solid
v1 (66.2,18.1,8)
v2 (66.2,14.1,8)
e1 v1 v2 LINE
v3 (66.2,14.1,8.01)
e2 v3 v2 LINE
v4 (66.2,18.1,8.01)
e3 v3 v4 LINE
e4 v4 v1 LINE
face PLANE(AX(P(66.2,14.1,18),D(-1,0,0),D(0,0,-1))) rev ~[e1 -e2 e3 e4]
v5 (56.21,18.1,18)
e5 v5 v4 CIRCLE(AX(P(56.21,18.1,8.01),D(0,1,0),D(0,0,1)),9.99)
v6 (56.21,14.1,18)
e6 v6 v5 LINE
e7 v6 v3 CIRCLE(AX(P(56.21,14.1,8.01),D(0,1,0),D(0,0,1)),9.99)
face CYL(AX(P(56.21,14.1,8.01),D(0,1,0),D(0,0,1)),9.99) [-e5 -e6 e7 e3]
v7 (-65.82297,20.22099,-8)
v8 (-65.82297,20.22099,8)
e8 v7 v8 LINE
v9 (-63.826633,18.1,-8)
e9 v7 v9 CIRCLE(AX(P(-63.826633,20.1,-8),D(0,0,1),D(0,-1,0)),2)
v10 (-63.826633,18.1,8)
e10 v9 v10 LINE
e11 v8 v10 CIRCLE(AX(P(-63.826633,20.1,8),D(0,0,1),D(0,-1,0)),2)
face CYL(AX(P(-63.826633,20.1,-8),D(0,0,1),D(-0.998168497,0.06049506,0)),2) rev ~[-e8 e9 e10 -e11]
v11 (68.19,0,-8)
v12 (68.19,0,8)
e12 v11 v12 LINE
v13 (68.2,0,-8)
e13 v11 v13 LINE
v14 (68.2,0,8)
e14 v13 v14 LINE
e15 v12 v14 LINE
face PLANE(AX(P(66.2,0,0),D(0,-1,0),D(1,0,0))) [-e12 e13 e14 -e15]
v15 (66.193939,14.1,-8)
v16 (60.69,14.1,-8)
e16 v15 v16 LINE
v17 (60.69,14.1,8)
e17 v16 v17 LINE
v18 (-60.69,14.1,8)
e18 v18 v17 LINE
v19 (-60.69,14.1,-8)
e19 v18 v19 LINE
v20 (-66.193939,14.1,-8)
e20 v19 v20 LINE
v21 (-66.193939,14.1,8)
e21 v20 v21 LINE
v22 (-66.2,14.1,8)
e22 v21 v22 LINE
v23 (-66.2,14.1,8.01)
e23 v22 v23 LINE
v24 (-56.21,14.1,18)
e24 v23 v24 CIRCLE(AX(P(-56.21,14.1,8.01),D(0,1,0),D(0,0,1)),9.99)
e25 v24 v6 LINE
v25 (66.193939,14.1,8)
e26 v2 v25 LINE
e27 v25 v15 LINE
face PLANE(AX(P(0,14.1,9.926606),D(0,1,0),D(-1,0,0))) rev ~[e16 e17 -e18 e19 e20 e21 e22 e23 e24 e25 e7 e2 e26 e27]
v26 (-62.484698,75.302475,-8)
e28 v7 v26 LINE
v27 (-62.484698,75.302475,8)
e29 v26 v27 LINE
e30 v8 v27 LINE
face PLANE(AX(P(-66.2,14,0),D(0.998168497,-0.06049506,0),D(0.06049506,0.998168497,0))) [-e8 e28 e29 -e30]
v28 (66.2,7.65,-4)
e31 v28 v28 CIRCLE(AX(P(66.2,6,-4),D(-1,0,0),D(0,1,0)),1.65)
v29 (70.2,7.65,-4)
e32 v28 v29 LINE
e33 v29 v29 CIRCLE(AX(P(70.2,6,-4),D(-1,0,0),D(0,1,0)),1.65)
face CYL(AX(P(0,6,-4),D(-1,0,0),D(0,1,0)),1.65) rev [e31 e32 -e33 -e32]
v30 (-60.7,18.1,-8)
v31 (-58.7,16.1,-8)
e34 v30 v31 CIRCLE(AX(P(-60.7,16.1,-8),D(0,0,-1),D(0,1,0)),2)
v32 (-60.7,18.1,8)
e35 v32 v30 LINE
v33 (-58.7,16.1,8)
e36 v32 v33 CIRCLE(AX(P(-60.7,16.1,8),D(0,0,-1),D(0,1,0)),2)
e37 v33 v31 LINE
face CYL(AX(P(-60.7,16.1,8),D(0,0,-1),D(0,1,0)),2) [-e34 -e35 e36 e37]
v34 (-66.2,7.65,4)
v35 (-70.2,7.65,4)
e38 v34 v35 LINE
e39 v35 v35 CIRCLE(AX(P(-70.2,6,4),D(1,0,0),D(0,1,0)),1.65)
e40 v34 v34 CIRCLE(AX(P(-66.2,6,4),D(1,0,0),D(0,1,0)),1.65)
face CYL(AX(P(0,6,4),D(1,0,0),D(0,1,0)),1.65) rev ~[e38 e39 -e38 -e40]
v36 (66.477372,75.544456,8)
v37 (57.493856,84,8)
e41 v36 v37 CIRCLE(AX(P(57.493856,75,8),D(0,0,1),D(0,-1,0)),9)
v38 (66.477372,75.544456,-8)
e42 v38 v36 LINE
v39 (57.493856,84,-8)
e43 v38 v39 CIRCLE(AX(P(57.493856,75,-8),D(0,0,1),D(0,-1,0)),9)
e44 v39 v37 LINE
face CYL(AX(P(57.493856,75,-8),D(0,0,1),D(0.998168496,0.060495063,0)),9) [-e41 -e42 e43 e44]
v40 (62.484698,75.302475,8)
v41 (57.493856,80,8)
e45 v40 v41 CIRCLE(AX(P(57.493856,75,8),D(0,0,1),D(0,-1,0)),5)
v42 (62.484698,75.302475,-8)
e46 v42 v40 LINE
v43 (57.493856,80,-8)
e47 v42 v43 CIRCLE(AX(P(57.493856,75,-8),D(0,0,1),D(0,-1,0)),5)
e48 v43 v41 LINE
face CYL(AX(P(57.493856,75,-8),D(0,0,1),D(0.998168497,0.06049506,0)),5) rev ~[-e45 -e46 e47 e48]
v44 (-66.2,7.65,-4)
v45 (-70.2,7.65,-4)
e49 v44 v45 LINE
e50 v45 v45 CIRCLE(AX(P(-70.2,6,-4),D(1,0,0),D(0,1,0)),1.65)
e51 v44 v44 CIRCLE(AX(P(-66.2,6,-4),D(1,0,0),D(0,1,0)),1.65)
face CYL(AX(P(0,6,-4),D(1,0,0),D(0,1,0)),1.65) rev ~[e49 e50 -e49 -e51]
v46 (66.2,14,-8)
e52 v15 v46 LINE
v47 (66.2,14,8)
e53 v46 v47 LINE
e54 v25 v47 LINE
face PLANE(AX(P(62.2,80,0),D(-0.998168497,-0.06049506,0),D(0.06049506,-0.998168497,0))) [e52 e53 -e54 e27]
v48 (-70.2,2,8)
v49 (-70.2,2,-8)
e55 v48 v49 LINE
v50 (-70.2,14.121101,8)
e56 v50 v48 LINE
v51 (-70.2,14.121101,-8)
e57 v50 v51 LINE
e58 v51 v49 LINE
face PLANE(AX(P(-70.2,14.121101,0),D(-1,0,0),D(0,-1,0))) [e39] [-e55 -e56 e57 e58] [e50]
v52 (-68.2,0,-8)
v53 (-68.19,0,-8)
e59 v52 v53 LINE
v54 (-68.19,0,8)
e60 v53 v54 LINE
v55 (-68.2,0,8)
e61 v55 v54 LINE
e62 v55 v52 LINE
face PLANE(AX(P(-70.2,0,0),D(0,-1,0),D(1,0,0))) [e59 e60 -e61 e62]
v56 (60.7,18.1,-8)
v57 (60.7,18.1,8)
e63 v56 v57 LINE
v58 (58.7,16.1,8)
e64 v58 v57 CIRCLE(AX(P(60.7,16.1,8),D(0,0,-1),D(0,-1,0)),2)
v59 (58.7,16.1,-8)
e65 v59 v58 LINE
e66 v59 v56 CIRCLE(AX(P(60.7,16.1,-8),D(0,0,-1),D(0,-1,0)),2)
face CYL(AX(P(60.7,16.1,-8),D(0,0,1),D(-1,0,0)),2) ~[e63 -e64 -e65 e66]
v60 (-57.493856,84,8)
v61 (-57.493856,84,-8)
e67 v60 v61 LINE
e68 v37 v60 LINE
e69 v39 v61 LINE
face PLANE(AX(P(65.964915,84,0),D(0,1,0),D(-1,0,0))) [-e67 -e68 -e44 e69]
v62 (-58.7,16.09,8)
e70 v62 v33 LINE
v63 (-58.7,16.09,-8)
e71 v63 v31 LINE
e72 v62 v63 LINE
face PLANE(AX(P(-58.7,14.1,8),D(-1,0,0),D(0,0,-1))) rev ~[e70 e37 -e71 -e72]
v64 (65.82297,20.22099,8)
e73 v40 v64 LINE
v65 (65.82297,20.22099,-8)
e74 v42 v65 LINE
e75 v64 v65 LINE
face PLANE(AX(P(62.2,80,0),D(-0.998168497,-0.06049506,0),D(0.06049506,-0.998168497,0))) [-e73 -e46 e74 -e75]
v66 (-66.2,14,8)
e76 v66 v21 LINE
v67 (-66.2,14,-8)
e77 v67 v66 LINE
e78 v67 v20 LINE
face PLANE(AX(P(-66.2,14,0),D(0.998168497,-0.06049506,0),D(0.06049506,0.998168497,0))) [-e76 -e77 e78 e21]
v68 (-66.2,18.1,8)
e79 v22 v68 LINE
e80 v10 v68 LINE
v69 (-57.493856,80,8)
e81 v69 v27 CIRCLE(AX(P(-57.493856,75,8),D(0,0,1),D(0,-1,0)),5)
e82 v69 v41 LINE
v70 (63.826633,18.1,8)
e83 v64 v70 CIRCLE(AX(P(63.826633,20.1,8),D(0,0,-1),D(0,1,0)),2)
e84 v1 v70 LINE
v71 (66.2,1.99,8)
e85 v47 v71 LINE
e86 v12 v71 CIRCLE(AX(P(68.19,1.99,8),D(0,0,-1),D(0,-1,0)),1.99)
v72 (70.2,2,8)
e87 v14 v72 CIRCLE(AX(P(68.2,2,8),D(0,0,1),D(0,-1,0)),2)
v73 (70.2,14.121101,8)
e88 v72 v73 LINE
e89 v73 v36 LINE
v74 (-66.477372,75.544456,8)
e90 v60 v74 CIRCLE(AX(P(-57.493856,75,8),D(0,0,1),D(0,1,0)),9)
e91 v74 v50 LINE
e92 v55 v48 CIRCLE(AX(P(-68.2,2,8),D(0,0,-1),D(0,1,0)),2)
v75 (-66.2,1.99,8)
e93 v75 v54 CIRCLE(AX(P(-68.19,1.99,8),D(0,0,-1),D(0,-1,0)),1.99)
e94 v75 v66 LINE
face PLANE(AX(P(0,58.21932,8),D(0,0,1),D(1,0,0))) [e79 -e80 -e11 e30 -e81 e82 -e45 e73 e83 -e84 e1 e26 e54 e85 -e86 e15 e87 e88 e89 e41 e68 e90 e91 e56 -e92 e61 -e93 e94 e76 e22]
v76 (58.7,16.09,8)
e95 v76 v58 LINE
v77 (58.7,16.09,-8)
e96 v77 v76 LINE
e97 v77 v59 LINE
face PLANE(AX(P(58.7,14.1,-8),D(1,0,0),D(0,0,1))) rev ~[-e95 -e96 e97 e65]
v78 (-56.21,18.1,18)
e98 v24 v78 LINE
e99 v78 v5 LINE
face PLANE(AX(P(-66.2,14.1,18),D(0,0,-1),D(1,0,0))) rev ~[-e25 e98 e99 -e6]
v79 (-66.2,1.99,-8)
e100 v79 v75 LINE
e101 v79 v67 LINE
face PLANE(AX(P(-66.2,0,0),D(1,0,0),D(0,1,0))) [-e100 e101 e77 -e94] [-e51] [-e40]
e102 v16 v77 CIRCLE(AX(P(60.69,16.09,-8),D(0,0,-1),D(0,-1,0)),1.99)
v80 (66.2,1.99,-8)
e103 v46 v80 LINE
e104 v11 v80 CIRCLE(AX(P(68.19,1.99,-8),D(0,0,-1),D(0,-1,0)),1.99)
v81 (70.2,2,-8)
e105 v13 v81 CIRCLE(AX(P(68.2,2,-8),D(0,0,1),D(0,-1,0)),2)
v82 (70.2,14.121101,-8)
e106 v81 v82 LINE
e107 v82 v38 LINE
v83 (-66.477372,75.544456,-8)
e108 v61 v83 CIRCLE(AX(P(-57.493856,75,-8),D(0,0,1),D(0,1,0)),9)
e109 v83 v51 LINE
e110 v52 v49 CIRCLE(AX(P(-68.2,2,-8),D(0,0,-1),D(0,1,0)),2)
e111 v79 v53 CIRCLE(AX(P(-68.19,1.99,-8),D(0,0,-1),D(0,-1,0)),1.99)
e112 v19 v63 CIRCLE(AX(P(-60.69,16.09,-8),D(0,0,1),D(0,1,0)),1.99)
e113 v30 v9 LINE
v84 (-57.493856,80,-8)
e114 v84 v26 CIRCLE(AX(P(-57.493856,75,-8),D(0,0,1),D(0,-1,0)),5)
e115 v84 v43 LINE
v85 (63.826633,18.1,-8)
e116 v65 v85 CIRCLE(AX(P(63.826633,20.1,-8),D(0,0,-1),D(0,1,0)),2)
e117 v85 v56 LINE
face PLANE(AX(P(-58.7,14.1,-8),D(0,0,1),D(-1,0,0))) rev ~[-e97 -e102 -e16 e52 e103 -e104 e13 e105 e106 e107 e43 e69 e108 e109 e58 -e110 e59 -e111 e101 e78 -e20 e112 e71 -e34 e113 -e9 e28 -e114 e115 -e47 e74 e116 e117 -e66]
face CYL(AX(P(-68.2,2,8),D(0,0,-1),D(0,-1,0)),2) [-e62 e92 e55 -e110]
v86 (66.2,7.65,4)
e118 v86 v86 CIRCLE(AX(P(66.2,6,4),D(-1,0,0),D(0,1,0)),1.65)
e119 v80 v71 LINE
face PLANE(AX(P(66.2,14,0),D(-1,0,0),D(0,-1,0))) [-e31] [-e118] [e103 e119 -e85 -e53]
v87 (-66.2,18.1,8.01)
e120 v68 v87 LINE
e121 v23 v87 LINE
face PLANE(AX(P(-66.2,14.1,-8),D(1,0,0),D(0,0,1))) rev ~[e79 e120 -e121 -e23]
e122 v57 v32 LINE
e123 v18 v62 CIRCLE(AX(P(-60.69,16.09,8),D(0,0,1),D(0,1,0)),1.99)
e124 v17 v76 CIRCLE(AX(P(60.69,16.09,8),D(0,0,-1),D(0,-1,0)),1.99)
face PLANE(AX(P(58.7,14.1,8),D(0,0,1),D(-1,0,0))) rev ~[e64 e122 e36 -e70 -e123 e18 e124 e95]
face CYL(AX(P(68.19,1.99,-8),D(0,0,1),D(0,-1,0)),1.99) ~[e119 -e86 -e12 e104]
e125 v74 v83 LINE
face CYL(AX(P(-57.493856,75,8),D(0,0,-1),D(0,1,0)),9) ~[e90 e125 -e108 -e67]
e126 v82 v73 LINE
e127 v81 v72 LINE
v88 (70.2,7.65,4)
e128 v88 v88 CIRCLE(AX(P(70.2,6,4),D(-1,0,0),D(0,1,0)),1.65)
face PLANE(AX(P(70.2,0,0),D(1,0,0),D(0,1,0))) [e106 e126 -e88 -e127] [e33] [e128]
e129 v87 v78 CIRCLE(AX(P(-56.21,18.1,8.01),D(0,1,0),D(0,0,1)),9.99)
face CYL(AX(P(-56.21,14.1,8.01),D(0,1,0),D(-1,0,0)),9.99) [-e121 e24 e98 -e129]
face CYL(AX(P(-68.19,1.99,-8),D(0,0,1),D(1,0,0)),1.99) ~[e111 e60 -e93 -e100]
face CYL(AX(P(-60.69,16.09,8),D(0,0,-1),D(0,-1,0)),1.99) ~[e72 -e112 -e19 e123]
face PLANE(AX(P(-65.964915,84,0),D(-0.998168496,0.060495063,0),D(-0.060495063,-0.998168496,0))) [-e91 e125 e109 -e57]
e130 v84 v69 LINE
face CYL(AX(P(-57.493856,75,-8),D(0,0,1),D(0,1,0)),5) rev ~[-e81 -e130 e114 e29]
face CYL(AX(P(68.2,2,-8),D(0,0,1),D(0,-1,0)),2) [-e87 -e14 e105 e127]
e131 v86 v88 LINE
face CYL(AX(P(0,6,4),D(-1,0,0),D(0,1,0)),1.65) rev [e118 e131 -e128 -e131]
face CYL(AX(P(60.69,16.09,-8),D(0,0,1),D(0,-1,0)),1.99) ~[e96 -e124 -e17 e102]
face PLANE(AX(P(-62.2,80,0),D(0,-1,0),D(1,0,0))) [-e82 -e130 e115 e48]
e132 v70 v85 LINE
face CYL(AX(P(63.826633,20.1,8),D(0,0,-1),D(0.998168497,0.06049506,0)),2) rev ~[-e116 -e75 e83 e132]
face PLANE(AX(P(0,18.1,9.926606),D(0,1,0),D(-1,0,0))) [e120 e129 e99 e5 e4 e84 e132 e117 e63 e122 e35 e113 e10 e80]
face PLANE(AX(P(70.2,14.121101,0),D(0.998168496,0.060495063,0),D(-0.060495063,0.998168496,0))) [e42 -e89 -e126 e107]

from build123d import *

# Parameters (mm, degrees)
PAD_DEPTH         = 8
SKETCH001_R       = 1.65
POCKET_DEPTH      = 70.201
POCKET_DEPTH_BACK = -70.201
FILLET001_R       = 9
FILLET002_R       = 5
FILLET003_R       = 2
FILLET004_R       = 1.99
PAD001_DEPTH      = 4
FILLET005_R       = 1.99
FILLET006_R       = 2
FILLET007_R       = 9.99


with BuildPart() as part:
    # Sketch → Pad (new body, symmetric)
    with BuildSketch(Plane.XY):
        Polygon((-70.2, 0), (-66.2, 0), (-66.2, 14), (-62.2, 80), (62.2, 80), (66.2, 14), (66.2, 0), (70.2, 0), (70.2, 14.121101), (65.964915, 84), (-65.964915, 84), (-70.2, 14.121101), align=None)
    extrude(amount=PAD_DEPTH, both=True)

    # Sketch001 → Pocket (cut, two sides)
    with BuildSketch(Plane.YZ) as pocket_sk:
        with Locations((6, 4)):
            Circle(SKETCH001_R)
        with Locations((6, -4)):
            Circle(SKETCH001_R)
    extrude(amount=-POCKET_DEPTH, mode=Mode.SUBTRACT)
    extrude(pocket_sk.sketch, amount=-POCKET_DEPTH_BACK, mode=Mode.SUBTRACT)

    # Fillet001
    fillet001_edges = [part.edges().sort_by_distance(p)[0] for p in [
        (-65.964915, 84, 0),
        (65.964915, 84, 0),
    ]]
    fillet(fillet001_edges, radius=FILLET001_R)

    # Fillet002
    fillet002_edges = [part.edges().sort_by_distance(p)[0] for p in [
        (62.2, 80, 0),
        (-62.2, 80, 0),
    ]]
    fillet(fillet002_edges, radius=FILLET002_R)

    # Fillet003
    fillet003_edges = [part.edges().sort_by_distance(p)[0] for p in [
        (-70.2, 0, 0),
        (70.2, 0, 0),
    ]]
    fillet(fillet003_edges, radius=FILLET003_R)

    # Fillet004
    fillet004_edges = [part.edges().sort_by_distance(p)[0] for p in [
        (-66.2, 0, 0),
        (66.2, 0, 0),
    ]]
    fillet(fillet004_edges, radius=FILLET004_R)

    # Sketch002 (on DatumPlane) → Pad001 (join)
    with BuildSketch(Plane.XZ.offset(-14.1)):
        Polygon((-58.7, -8), (-66.2, -8), (-66.2, 18), (66.2, 18), (66.2, -8), (58.7, -8), (58.7, 8), (-58.7, 8), align=None)
    extrude(amount=-PAD001_DEPTH)

    # Fillet005
    fillet005_edges = [part.edges().sort_by_distance(p)[0] for p in [
        (-58.7, 14.1, 0),
        (58.7, 14.1, 0),
    ]]
    fillet(fillet005_edges, radius=FILLET005_R)

    # Fillet006
    fillet006_edges = [part.edges().sort_by_distance(p)[0] for p in [
        (-65.951515, 18.1, 0),
        (-58.7, 18.1, 0),
        (58.7, 18.1, 0),
        (65.951515, 18.1, 0),
    ]]
    fillet(fillet006_edges, radius=FILLET006_R)

    # Fillet007
    fillet007_edges = [part.edges().sort_by_distance(p)[0] for p in [
        (66.2, 16.1, 18),
        (-66.2, 16.1, 18),
    ]]
    fillet(fillet007_edges, radius=FILLET007_R)


solid = part.part
